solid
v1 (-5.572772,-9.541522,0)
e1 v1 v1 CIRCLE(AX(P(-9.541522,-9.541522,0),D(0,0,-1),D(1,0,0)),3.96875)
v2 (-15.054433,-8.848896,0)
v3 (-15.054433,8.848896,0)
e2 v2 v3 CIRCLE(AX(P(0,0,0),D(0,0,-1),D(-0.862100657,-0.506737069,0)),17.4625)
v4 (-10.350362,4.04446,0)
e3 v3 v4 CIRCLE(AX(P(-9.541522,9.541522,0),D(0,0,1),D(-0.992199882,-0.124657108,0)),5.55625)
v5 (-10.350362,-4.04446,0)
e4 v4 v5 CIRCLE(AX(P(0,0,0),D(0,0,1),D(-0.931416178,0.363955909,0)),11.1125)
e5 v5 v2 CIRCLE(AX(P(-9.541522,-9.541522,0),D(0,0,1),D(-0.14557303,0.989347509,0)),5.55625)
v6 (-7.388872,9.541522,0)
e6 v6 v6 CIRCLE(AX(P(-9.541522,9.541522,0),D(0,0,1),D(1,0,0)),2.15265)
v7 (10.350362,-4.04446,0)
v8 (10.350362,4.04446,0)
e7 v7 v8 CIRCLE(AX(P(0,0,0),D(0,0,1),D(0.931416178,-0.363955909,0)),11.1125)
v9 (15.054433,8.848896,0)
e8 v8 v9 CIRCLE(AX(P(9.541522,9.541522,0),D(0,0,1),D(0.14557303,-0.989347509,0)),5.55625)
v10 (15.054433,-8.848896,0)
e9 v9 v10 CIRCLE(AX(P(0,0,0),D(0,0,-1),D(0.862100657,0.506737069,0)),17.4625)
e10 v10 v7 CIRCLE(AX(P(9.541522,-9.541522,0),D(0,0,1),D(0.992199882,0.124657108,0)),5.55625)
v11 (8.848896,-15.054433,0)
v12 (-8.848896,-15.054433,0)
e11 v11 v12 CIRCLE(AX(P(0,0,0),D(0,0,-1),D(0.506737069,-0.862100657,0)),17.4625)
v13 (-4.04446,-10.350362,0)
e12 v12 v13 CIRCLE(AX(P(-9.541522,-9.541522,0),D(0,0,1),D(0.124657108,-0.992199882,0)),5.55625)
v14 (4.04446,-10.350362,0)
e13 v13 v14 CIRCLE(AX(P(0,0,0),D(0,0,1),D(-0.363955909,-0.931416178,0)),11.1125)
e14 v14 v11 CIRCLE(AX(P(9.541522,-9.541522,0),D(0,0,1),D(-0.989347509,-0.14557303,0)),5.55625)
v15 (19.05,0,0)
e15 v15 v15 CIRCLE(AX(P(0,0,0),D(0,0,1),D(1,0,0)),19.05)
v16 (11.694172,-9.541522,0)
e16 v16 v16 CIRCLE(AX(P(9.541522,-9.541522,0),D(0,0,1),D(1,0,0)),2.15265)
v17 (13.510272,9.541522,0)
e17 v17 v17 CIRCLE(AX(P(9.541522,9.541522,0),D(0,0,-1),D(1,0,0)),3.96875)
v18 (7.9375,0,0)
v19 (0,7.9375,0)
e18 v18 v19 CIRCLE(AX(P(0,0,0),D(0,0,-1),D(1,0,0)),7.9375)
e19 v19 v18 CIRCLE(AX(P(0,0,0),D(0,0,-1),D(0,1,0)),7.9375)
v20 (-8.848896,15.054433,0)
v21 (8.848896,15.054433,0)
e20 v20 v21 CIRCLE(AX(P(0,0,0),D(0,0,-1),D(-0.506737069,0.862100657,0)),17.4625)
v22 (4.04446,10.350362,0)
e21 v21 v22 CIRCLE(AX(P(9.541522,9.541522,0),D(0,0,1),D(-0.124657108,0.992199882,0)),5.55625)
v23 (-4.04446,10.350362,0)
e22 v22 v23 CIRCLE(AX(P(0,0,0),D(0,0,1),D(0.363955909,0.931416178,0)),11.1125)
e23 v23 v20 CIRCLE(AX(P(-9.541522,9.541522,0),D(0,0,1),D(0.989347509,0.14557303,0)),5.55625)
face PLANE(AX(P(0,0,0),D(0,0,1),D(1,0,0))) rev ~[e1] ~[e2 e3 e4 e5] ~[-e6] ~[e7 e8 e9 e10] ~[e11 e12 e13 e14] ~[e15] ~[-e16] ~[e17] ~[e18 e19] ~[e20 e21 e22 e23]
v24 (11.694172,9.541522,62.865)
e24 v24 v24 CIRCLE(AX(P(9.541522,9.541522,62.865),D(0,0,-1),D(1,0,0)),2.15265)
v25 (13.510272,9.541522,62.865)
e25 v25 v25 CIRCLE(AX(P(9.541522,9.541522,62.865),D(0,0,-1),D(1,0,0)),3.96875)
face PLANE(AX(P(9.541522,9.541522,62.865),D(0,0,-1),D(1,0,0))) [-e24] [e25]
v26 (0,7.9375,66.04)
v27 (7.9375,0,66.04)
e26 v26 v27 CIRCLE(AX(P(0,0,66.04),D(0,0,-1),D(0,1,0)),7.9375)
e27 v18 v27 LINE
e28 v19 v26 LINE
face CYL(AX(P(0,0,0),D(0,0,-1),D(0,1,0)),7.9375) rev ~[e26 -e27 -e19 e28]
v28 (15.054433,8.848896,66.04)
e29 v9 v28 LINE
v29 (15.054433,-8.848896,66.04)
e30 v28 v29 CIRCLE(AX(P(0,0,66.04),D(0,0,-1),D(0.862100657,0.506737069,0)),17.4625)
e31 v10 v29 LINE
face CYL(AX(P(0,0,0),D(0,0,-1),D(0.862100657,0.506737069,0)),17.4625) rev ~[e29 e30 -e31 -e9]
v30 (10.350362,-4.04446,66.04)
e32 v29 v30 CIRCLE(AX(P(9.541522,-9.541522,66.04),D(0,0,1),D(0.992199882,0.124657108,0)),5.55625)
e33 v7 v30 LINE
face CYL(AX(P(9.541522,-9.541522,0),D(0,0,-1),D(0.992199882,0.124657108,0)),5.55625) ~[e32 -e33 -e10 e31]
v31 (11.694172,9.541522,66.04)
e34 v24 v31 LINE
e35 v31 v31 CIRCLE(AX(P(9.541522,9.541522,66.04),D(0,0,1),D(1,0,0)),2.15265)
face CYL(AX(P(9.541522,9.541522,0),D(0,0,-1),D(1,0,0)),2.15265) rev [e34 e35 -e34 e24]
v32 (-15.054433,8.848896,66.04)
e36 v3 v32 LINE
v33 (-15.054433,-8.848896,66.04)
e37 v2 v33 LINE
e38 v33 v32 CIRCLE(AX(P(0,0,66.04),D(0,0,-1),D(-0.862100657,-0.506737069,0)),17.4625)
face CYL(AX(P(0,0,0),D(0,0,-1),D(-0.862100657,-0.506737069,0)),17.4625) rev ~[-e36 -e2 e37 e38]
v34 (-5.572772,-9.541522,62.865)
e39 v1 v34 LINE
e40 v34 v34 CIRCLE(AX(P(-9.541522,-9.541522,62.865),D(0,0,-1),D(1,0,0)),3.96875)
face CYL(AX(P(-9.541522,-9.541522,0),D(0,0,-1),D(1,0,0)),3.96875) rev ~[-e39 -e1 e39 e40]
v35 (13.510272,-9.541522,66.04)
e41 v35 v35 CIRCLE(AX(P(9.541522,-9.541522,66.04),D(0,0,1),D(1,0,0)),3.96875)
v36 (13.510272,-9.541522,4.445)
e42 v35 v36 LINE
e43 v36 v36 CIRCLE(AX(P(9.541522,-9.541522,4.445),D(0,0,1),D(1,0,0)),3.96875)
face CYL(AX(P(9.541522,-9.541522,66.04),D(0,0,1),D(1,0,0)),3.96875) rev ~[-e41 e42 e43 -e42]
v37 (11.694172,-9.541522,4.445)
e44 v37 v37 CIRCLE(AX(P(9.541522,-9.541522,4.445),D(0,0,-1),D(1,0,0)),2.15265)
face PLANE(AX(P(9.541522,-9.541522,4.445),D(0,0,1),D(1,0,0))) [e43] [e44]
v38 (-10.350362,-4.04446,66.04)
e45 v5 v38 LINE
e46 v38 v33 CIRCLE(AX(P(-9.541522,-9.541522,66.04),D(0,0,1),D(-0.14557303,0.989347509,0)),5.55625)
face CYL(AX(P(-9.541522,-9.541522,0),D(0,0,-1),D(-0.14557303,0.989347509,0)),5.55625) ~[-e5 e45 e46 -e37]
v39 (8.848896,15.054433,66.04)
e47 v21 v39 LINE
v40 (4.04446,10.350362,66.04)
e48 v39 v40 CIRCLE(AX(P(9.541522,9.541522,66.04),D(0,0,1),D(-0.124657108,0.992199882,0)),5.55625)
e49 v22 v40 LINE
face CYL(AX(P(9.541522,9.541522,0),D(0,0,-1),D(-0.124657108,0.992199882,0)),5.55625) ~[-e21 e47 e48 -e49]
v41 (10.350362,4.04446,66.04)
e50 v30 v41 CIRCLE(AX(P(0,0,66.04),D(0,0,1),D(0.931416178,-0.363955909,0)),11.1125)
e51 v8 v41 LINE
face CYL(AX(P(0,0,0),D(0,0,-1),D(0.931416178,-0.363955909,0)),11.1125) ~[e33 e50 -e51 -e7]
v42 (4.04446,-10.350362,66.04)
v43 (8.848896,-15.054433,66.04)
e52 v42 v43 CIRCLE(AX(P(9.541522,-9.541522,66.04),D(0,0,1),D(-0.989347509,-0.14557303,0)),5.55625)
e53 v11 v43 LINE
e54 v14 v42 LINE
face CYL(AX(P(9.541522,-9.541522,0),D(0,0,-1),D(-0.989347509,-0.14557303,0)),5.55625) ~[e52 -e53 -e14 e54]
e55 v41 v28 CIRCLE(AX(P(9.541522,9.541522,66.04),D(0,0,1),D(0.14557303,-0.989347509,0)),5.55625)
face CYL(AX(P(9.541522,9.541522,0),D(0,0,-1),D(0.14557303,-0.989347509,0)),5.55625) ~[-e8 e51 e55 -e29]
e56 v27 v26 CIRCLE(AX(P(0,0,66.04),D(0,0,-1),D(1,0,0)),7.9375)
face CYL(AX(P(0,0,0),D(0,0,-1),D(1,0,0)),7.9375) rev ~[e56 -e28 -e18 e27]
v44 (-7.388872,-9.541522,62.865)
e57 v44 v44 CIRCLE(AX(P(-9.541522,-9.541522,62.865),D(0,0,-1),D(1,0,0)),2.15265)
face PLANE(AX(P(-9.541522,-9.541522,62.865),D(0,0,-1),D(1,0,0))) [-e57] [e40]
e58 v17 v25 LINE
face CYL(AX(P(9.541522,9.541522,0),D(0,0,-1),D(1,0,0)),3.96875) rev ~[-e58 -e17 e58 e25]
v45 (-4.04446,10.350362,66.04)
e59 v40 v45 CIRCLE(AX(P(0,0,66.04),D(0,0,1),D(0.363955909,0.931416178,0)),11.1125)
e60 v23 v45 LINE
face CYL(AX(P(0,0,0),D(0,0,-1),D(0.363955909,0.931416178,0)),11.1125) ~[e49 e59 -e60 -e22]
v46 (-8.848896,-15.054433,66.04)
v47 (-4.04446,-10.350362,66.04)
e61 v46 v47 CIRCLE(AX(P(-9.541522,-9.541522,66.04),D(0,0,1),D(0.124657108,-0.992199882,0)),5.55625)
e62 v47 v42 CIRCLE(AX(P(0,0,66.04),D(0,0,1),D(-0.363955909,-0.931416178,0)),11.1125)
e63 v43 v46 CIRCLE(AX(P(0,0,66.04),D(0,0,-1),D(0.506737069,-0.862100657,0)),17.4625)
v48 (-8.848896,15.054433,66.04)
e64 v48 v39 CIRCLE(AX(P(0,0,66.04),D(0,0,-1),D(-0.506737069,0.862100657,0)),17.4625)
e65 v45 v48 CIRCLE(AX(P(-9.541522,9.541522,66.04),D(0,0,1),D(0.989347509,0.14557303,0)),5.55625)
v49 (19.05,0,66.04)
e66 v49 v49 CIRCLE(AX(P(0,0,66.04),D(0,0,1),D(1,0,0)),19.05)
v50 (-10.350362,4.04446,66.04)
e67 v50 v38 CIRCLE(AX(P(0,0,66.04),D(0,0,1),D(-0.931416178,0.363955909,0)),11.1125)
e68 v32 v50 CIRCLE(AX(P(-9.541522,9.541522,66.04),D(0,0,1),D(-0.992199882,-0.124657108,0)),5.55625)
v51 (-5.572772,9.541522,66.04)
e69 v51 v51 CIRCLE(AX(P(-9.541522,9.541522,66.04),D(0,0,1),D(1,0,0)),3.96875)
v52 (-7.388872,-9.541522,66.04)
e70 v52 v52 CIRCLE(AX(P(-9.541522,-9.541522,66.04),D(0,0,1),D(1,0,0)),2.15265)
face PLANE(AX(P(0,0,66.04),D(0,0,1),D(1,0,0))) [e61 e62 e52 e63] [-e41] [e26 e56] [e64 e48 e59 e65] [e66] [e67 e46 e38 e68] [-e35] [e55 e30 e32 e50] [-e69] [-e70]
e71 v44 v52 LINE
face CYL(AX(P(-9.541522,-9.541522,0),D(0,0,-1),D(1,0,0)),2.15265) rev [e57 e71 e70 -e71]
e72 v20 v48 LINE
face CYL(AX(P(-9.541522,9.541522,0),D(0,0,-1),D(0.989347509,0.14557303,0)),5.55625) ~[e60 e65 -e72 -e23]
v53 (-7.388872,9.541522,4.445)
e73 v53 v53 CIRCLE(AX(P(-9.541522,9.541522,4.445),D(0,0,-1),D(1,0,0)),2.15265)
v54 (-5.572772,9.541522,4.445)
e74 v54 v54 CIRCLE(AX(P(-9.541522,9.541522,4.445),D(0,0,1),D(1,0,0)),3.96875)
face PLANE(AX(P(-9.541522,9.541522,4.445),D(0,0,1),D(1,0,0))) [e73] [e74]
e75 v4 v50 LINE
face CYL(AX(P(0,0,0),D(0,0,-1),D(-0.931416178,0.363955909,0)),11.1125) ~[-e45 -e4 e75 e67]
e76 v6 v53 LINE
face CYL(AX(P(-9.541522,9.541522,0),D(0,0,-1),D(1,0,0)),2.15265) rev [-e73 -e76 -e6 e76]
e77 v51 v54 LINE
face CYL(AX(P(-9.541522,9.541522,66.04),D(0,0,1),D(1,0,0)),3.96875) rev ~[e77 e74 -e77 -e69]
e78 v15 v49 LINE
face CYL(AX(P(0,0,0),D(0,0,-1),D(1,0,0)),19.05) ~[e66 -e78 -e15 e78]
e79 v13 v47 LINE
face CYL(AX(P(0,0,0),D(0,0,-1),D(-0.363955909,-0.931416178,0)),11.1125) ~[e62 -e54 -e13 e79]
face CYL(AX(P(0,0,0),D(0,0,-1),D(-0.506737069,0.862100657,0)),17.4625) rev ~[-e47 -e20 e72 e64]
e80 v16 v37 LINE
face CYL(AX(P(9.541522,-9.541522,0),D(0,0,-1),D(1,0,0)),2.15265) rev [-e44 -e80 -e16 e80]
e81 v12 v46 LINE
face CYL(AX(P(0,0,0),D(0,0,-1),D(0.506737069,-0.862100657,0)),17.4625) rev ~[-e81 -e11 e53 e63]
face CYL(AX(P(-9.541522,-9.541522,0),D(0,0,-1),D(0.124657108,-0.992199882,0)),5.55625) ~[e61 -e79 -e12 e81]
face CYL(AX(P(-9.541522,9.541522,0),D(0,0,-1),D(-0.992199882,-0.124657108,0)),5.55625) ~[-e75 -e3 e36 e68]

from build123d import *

# Parameters (mm, degrees)
F0_R      = 19.05
F0_R_2    = 2.15265
F1_DEPTH  = 66.04
F4_R      = 3.96875
F5_DEPTH  = 62.865
F6_R      = 3.96875
F7_DEPTH  = 61.595
F9_DEPTH  = 66.04
F10_COUNT = 4
F10_ANGLE = 270


with BuildPart() as f1:
    # F0 (on Top) → F1 (new body)
    with BuildSketch(Plane.XY):
        Circle(F0_R)
        with Locations((-9.5415221286, -9.5415221286)):
            Circle(F0_R_2, mode=Mode.SUBTRACT)
        with Locations((9.5415221286, -9.5415221286)):
            Circle(F0_R_2, mode=Mode.SUBTRACT)
        with Locations((-9.5415221286, 9.5415221286)):
            Circle(F0_R_2, mode=Mode.SUBTRACT)
        with BuildLine():
            ThreePointArc((0, 7.9375), (5.6126600757, 5.6126600757), (7.9375, 0))
            ThreePointArc((7.9375, 0), (-5.6126600757, -5.6126600757), (0, 7.9375))
        make_face(mode=Mode.SUBTRACT)
        with Locations((9.5415221286, 9.5415221286)):
            Circle(F0_R_2, mode=Mode.SUBTRACT)
    extrude(amount=F1_DEPTH)

    # F4 (on face) → F5 (cut, through all)
    with BuildSketch(Plane(origin=(0, 0, 0), x_dir=(1, 0, 0), z_dir=(0, 0, -1))):
        with Locations((9.5415221286, -9.5415221286)):
            Circle(F4_R)
        with Locations((-9.5415221286, 9.5415221286)):
            Circle(F4_R)
    extrude(amount=-F5_DEPTH, mode=Mode.SUBTRACT)

    # F6 (on face) → F7 (cut, through all)
    with BuildSketch(Plane.XY.offset(66.04)):
        with Locations((-9.5415221286, 9.5415221286)):
            Circle(F6_R)
        with Locations((9.5415221286, -9.5415221286)):
            Circle(F6_R)
    extrude(amount=-F7_DEPTH, mode=Mode.SUBTRACT)

    # F8 (on face) → F9 (cut, through all)
    with BuildSketch(Plane(origin=(0, 0, 0), x_dir=(1, 0, 0), z_dir=(0, 0, -1))):
        with BuildLine():
            ThreePointArc((8.8488960712, -15.0544327217), (5.6543471209, -13.5116335278), (4.0444600337, -10.350362278))
            ThreePointArc((4.0444600337, -10.350362278), (0, -11.1125), (-4.0444600337, -10.350362278))
            ThreePointArc((-4.0444600337, -10.350362278), (-5.6543471209, -13.5116335278), (-8.8488960712, -15.0544327217))
            ThreePointArc((-8.8488960712, -15.0544327217), (0, -17.4625), (8.8488960712, -15.0544327217))
        make_face()
    f9 = extrude(amount=-F9_DEPTH, mode=Mode.SUBTRACT)

    # F10: F9 ×4 about axis
    f10_axis = Axis((0, 0, 0), (0, 0, -1))
    for i in range(1, F10_COUNT):
        add(f9.rotate(f10_axis, i * F10_ANGLE / (F10_COUNT - 1)), mode=Mode.SUBTRACT)


solid = f1.part
